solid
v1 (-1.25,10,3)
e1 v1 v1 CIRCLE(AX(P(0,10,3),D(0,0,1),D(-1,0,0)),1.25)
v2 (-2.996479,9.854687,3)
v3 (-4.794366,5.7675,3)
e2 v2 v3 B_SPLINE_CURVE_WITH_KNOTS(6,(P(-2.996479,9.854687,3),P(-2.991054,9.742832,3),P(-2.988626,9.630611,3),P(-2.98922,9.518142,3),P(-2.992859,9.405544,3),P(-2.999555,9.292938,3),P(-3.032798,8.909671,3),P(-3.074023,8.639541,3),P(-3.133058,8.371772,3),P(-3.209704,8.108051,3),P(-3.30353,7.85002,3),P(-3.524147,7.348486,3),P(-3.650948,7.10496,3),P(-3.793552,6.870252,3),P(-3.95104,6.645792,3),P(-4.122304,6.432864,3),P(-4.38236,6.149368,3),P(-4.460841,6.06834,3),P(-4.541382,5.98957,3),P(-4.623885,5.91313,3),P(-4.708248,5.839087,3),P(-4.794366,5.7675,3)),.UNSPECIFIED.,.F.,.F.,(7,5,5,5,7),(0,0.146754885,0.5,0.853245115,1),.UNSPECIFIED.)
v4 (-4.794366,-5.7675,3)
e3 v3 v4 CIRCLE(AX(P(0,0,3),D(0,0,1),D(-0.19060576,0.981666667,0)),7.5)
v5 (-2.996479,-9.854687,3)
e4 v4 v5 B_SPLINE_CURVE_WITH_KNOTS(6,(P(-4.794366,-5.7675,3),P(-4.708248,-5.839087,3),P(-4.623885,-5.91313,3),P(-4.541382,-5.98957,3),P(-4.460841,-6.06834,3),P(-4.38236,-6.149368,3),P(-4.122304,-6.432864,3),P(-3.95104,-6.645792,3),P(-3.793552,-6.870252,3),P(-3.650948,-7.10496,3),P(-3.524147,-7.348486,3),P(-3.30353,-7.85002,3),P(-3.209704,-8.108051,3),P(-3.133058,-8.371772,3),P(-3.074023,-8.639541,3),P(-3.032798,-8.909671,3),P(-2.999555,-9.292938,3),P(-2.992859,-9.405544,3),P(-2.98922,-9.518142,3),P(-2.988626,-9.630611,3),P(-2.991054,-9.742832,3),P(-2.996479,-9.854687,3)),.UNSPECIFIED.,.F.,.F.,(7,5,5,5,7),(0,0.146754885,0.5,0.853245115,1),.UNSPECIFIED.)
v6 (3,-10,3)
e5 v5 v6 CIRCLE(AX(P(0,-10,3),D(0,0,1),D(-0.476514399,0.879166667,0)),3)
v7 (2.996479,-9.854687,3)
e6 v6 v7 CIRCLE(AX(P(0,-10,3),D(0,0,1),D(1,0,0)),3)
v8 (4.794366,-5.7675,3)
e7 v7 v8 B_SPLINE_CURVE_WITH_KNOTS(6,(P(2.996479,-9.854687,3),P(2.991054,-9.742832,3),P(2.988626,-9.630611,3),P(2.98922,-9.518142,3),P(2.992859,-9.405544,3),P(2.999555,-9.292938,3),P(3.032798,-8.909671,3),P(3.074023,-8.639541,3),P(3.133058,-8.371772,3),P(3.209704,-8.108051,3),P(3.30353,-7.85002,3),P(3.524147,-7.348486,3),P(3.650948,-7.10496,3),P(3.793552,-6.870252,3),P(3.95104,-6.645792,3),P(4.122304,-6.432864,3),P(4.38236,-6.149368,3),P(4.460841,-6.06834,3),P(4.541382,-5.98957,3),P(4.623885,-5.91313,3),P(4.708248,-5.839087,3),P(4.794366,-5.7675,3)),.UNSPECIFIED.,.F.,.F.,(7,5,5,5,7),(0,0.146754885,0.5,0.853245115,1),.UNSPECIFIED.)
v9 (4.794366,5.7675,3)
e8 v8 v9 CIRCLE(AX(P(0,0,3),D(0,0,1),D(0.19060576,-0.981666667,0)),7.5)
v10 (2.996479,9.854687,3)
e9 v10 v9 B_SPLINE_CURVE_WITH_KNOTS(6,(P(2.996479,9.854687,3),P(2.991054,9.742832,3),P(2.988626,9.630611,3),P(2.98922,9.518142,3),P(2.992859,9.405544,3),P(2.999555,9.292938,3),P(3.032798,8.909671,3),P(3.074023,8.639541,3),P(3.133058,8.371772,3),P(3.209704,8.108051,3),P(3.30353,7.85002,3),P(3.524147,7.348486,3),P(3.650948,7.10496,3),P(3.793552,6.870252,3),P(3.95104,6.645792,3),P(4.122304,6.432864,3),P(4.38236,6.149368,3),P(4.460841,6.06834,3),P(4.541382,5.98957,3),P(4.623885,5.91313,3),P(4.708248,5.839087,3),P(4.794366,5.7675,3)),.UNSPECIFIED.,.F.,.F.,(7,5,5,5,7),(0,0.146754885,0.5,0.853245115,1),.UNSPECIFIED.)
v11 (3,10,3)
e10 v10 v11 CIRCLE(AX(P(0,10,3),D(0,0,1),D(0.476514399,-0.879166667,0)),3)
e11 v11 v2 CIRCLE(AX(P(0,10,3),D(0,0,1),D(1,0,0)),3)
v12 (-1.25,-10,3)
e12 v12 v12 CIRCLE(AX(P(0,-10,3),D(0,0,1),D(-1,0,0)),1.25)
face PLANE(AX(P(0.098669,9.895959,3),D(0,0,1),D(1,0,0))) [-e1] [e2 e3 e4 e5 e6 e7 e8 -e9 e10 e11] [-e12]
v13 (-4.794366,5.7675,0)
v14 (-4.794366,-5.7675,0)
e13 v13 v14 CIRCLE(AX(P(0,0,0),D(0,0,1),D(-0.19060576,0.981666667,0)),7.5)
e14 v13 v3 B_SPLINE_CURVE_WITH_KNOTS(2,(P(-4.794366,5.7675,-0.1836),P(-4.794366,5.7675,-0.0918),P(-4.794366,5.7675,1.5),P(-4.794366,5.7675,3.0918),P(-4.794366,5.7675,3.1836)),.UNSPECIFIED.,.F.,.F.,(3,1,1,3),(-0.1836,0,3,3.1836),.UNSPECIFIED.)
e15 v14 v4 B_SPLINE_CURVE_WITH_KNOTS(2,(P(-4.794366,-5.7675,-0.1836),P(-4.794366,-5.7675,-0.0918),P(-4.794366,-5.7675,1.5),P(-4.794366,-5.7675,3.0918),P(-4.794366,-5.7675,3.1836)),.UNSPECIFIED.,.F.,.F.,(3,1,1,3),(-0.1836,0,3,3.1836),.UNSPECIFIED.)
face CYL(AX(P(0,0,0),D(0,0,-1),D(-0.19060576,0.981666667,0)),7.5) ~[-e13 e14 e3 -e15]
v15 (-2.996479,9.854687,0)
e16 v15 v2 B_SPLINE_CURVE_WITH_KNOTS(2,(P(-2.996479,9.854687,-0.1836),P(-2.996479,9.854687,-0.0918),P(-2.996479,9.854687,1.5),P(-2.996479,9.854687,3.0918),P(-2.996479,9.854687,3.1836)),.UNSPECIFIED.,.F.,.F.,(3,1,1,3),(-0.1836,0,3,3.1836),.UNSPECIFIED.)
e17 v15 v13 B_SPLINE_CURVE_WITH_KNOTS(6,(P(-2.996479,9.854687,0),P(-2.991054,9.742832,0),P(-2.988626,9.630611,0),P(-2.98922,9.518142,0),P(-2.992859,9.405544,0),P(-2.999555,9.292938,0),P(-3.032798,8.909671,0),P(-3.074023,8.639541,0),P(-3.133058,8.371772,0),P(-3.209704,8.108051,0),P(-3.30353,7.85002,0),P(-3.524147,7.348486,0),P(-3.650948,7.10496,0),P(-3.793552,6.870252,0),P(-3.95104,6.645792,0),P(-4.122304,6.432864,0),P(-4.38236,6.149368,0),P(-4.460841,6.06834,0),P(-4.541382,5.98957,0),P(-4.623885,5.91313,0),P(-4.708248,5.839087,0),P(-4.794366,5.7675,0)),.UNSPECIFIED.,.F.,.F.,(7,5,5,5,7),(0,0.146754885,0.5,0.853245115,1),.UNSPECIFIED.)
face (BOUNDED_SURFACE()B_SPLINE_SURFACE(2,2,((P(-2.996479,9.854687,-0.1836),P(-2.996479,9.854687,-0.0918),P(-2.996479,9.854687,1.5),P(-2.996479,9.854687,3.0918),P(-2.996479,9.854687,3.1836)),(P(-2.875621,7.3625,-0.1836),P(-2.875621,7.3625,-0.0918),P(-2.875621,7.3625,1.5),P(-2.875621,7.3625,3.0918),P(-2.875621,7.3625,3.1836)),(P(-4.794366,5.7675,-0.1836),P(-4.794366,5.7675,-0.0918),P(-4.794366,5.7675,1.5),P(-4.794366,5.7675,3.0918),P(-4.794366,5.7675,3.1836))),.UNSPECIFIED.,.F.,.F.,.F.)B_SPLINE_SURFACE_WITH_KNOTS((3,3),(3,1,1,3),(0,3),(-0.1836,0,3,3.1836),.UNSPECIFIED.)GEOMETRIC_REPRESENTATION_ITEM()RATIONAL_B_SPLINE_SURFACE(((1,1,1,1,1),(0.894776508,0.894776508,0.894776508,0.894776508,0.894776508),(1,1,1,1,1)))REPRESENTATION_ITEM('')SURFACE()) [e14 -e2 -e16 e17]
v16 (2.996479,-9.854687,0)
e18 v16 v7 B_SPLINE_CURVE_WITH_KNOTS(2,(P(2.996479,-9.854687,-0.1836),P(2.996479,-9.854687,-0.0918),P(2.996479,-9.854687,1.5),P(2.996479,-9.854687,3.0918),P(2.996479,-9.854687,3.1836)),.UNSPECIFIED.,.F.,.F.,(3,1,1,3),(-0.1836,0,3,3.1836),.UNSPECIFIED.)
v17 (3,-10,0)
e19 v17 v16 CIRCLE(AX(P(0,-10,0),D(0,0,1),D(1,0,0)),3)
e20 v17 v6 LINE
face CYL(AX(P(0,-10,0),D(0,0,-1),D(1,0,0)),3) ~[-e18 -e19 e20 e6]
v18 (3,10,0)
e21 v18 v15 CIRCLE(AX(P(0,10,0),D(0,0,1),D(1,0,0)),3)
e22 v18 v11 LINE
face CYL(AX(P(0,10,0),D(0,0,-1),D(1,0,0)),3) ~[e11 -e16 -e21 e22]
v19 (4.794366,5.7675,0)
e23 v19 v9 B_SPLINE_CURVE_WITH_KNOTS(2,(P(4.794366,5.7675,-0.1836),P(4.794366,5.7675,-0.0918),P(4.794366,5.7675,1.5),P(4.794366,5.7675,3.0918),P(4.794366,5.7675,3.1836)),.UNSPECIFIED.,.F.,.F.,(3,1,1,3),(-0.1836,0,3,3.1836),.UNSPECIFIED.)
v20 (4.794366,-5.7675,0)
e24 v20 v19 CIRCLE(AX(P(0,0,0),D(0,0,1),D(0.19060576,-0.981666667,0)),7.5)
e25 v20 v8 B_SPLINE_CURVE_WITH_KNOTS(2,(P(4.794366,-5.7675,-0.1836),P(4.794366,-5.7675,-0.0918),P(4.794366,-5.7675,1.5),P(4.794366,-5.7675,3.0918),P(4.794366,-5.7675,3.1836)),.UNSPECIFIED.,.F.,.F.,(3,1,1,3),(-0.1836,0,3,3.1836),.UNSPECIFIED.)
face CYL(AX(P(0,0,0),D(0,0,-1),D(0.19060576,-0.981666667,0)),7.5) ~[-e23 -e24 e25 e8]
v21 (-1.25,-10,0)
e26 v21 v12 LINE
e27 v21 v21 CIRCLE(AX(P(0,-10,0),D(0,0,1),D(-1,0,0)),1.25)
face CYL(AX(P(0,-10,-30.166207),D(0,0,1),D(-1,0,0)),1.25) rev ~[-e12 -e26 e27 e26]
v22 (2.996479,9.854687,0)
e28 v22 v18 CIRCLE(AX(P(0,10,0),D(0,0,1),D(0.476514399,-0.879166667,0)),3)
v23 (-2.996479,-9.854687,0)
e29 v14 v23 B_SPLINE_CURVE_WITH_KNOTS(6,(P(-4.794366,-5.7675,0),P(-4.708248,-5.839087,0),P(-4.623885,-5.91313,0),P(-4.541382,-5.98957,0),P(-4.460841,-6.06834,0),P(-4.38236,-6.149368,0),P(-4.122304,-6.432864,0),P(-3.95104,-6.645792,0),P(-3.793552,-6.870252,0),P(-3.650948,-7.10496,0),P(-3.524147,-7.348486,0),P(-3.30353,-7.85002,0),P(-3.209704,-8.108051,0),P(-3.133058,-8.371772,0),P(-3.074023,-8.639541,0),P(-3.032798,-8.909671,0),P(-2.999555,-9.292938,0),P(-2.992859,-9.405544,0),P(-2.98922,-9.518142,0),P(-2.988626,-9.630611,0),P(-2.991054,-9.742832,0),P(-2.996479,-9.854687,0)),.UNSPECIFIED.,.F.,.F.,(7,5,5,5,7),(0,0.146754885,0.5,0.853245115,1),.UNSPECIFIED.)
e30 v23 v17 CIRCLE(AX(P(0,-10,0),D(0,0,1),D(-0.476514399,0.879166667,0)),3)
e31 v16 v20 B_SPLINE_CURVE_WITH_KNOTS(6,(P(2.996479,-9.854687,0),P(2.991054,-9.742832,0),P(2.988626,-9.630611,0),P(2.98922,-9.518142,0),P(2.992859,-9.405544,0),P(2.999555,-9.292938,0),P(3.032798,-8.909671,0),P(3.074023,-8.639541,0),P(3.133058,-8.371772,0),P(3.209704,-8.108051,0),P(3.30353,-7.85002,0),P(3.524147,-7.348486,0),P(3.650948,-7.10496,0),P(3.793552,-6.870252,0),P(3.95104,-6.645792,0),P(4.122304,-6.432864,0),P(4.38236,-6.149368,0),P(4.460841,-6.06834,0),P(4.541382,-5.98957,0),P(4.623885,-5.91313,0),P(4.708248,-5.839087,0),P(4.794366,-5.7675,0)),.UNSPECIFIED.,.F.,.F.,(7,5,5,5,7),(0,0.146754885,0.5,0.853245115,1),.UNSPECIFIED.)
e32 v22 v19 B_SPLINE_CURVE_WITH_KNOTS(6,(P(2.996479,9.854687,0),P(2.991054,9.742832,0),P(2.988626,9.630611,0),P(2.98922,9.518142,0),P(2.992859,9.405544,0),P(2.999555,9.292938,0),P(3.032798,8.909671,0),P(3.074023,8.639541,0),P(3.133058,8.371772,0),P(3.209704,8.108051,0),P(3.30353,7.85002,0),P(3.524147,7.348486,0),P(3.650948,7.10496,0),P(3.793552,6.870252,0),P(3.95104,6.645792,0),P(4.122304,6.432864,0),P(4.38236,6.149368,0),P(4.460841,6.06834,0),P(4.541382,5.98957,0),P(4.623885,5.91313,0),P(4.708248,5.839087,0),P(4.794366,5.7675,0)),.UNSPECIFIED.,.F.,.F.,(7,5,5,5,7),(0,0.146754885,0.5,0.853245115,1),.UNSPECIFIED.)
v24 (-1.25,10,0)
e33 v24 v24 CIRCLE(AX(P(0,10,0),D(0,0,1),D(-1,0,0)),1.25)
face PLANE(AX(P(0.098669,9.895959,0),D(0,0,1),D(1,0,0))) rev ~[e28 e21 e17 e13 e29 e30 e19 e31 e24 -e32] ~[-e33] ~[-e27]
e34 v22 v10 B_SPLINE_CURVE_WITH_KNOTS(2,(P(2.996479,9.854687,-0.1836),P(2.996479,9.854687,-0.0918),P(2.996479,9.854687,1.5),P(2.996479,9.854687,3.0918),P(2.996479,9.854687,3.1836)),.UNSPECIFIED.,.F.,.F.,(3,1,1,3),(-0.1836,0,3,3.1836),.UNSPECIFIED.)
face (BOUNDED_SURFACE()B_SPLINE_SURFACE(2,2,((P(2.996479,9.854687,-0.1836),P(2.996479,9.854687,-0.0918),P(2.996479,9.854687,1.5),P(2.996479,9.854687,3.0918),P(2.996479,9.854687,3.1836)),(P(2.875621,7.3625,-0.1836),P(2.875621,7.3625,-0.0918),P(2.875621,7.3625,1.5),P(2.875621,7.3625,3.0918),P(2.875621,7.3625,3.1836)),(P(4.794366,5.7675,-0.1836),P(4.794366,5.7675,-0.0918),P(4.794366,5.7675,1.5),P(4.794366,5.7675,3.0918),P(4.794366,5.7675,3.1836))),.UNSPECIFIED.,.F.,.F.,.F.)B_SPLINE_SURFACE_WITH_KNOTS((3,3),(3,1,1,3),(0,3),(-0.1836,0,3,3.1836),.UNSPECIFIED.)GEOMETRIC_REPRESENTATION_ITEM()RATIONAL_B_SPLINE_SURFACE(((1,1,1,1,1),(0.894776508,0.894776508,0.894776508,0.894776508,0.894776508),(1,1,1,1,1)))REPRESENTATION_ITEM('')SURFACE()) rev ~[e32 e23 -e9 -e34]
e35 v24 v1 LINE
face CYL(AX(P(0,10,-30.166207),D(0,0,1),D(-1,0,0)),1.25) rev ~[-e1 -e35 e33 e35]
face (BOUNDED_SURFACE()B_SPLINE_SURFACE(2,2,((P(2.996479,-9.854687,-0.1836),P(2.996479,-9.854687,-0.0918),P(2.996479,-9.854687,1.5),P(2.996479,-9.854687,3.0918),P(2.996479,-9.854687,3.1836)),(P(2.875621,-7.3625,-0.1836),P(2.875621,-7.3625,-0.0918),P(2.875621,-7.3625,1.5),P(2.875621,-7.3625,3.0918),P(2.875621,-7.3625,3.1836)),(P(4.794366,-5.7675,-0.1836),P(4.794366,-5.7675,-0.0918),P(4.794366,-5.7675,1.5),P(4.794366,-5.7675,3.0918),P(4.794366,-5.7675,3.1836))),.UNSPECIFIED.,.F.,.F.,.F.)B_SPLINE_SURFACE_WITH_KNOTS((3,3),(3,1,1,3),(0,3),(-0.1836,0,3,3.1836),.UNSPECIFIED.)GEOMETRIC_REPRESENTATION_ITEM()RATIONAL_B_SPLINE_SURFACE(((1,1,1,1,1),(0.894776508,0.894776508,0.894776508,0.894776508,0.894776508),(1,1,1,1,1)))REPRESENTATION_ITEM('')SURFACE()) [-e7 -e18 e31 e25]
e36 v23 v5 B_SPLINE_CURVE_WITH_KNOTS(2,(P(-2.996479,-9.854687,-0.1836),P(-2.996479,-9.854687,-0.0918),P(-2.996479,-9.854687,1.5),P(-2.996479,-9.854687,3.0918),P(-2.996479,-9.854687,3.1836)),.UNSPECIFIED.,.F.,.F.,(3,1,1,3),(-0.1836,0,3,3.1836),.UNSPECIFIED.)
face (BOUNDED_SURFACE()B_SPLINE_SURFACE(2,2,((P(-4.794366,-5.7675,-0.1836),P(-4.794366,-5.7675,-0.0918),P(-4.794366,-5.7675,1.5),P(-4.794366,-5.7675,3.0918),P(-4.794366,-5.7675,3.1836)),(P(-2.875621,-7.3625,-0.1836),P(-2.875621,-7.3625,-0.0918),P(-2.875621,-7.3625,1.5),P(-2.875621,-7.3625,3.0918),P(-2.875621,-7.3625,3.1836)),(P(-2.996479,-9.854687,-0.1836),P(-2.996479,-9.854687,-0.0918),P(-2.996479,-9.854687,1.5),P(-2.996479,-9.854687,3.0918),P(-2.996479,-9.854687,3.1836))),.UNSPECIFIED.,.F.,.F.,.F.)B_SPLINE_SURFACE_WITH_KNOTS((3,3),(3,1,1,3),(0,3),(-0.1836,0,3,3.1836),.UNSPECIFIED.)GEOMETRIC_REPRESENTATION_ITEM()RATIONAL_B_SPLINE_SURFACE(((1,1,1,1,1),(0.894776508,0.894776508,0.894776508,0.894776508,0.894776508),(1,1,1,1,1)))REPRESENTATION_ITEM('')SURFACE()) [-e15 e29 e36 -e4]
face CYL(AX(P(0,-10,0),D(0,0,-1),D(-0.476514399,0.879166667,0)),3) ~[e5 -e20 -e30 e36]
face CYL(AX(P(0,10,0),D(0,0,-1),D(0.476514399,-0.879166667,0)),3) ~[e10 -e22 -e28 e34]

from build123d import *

# Parameters (mm, degrees)
F1_DEPTH = 3
F2_R     = 5
F3_D     = 2.5


with BuildPart() as f1:
    # F0 (on Top) → F1 (new body)
    with BuildSketch(Plane.XY):
        with BuildLine():
            ThreePointArc((1.4295431963, 7.3625), (2.5776568419, 8.4651758389), (3, 10))
            ThreePointArc((3, 10), (-1.5348241611, 12.5776568419), (-1.4295431963, 7.3625))
            ThreePointArc((-1.4295431963, 7.3625), (0, 7.5), (1.4295431963, 7.3625))
        make_face()
        with BuildLine():
            ThreePointArc((1.4295431963, -7.3625), (0, -7), (-1.4295431963, -7.3625))
            ThreePointArc((-1.4295431963, -7.3625), (0, -7.5), (1.4295431963, -7.3625))
        make_face()
        with BuildLine():
            ThreePointArc((1.4295431963, 7.3625), (0, 7), (-1.4295431963, 7.3625))
            ThreePointArc((-1.4295431963, 7.3625), (-7.5, 0), (-1.4295431963, -7.3625))
            ThreePointArc((-1.4295431963, -7.3625), (0, -7), (1.4295431963, -7.3625))
            ThreePointArc((1.4295431963, -7.3625), (5.7866905037, -4.7711857032), (7.5, 0))
            ThreePointArc((7.5, 0), (5.7866905037, 4.7711857032), (1.4295431963, 7.3625))
        make_face()
        with BuildLine():
            ThreePointArc((1.4295431963, 7.3625), (0, 7.5), (-1.4295431963, 7.3625))
            ThreePointArc((-1.4295431963, 7.3625), (0, 7), (1.4295431963, 7.3625))
        make_face()
        with BuildLine():
            ThreePointArc((1.4295431963, -7.3625), (0, -7.5), (-1.4295431963, -7.3625))
            ThreePointArc((-1.4295431963, -7.3625), (-1.5348241611, -12.5776568419), (3, -10))
            ThreePointArc((3, -10), (2.5776568419, -8.4651758389), (1.4295431963, -7.3625))
        make_face()
    extrude(amount=F1_DEPTH)

    # F2
    f2_edges = [f1.edges().sort_by_distance(p)[0] for p in [
        (-1.429543, -7.3625, 1.5),
        (1.429543, -7.3625, 1.5),
        (-1.429543, 7.3625, 1.5),
        (1.429543, 7.3625, 1.5),
    ]]
    fillet(f2_edges, radius=F2_R)

    # F3 (through all)
    with Locations(Plane(origin=(0, 0, 0), x_dir=(1, 0, 0), z_dir=(0, 0, -1))):
        with Locations((0, 10), (0, -10)):
            Hole(F3_D / 2)


solid = f1.part
